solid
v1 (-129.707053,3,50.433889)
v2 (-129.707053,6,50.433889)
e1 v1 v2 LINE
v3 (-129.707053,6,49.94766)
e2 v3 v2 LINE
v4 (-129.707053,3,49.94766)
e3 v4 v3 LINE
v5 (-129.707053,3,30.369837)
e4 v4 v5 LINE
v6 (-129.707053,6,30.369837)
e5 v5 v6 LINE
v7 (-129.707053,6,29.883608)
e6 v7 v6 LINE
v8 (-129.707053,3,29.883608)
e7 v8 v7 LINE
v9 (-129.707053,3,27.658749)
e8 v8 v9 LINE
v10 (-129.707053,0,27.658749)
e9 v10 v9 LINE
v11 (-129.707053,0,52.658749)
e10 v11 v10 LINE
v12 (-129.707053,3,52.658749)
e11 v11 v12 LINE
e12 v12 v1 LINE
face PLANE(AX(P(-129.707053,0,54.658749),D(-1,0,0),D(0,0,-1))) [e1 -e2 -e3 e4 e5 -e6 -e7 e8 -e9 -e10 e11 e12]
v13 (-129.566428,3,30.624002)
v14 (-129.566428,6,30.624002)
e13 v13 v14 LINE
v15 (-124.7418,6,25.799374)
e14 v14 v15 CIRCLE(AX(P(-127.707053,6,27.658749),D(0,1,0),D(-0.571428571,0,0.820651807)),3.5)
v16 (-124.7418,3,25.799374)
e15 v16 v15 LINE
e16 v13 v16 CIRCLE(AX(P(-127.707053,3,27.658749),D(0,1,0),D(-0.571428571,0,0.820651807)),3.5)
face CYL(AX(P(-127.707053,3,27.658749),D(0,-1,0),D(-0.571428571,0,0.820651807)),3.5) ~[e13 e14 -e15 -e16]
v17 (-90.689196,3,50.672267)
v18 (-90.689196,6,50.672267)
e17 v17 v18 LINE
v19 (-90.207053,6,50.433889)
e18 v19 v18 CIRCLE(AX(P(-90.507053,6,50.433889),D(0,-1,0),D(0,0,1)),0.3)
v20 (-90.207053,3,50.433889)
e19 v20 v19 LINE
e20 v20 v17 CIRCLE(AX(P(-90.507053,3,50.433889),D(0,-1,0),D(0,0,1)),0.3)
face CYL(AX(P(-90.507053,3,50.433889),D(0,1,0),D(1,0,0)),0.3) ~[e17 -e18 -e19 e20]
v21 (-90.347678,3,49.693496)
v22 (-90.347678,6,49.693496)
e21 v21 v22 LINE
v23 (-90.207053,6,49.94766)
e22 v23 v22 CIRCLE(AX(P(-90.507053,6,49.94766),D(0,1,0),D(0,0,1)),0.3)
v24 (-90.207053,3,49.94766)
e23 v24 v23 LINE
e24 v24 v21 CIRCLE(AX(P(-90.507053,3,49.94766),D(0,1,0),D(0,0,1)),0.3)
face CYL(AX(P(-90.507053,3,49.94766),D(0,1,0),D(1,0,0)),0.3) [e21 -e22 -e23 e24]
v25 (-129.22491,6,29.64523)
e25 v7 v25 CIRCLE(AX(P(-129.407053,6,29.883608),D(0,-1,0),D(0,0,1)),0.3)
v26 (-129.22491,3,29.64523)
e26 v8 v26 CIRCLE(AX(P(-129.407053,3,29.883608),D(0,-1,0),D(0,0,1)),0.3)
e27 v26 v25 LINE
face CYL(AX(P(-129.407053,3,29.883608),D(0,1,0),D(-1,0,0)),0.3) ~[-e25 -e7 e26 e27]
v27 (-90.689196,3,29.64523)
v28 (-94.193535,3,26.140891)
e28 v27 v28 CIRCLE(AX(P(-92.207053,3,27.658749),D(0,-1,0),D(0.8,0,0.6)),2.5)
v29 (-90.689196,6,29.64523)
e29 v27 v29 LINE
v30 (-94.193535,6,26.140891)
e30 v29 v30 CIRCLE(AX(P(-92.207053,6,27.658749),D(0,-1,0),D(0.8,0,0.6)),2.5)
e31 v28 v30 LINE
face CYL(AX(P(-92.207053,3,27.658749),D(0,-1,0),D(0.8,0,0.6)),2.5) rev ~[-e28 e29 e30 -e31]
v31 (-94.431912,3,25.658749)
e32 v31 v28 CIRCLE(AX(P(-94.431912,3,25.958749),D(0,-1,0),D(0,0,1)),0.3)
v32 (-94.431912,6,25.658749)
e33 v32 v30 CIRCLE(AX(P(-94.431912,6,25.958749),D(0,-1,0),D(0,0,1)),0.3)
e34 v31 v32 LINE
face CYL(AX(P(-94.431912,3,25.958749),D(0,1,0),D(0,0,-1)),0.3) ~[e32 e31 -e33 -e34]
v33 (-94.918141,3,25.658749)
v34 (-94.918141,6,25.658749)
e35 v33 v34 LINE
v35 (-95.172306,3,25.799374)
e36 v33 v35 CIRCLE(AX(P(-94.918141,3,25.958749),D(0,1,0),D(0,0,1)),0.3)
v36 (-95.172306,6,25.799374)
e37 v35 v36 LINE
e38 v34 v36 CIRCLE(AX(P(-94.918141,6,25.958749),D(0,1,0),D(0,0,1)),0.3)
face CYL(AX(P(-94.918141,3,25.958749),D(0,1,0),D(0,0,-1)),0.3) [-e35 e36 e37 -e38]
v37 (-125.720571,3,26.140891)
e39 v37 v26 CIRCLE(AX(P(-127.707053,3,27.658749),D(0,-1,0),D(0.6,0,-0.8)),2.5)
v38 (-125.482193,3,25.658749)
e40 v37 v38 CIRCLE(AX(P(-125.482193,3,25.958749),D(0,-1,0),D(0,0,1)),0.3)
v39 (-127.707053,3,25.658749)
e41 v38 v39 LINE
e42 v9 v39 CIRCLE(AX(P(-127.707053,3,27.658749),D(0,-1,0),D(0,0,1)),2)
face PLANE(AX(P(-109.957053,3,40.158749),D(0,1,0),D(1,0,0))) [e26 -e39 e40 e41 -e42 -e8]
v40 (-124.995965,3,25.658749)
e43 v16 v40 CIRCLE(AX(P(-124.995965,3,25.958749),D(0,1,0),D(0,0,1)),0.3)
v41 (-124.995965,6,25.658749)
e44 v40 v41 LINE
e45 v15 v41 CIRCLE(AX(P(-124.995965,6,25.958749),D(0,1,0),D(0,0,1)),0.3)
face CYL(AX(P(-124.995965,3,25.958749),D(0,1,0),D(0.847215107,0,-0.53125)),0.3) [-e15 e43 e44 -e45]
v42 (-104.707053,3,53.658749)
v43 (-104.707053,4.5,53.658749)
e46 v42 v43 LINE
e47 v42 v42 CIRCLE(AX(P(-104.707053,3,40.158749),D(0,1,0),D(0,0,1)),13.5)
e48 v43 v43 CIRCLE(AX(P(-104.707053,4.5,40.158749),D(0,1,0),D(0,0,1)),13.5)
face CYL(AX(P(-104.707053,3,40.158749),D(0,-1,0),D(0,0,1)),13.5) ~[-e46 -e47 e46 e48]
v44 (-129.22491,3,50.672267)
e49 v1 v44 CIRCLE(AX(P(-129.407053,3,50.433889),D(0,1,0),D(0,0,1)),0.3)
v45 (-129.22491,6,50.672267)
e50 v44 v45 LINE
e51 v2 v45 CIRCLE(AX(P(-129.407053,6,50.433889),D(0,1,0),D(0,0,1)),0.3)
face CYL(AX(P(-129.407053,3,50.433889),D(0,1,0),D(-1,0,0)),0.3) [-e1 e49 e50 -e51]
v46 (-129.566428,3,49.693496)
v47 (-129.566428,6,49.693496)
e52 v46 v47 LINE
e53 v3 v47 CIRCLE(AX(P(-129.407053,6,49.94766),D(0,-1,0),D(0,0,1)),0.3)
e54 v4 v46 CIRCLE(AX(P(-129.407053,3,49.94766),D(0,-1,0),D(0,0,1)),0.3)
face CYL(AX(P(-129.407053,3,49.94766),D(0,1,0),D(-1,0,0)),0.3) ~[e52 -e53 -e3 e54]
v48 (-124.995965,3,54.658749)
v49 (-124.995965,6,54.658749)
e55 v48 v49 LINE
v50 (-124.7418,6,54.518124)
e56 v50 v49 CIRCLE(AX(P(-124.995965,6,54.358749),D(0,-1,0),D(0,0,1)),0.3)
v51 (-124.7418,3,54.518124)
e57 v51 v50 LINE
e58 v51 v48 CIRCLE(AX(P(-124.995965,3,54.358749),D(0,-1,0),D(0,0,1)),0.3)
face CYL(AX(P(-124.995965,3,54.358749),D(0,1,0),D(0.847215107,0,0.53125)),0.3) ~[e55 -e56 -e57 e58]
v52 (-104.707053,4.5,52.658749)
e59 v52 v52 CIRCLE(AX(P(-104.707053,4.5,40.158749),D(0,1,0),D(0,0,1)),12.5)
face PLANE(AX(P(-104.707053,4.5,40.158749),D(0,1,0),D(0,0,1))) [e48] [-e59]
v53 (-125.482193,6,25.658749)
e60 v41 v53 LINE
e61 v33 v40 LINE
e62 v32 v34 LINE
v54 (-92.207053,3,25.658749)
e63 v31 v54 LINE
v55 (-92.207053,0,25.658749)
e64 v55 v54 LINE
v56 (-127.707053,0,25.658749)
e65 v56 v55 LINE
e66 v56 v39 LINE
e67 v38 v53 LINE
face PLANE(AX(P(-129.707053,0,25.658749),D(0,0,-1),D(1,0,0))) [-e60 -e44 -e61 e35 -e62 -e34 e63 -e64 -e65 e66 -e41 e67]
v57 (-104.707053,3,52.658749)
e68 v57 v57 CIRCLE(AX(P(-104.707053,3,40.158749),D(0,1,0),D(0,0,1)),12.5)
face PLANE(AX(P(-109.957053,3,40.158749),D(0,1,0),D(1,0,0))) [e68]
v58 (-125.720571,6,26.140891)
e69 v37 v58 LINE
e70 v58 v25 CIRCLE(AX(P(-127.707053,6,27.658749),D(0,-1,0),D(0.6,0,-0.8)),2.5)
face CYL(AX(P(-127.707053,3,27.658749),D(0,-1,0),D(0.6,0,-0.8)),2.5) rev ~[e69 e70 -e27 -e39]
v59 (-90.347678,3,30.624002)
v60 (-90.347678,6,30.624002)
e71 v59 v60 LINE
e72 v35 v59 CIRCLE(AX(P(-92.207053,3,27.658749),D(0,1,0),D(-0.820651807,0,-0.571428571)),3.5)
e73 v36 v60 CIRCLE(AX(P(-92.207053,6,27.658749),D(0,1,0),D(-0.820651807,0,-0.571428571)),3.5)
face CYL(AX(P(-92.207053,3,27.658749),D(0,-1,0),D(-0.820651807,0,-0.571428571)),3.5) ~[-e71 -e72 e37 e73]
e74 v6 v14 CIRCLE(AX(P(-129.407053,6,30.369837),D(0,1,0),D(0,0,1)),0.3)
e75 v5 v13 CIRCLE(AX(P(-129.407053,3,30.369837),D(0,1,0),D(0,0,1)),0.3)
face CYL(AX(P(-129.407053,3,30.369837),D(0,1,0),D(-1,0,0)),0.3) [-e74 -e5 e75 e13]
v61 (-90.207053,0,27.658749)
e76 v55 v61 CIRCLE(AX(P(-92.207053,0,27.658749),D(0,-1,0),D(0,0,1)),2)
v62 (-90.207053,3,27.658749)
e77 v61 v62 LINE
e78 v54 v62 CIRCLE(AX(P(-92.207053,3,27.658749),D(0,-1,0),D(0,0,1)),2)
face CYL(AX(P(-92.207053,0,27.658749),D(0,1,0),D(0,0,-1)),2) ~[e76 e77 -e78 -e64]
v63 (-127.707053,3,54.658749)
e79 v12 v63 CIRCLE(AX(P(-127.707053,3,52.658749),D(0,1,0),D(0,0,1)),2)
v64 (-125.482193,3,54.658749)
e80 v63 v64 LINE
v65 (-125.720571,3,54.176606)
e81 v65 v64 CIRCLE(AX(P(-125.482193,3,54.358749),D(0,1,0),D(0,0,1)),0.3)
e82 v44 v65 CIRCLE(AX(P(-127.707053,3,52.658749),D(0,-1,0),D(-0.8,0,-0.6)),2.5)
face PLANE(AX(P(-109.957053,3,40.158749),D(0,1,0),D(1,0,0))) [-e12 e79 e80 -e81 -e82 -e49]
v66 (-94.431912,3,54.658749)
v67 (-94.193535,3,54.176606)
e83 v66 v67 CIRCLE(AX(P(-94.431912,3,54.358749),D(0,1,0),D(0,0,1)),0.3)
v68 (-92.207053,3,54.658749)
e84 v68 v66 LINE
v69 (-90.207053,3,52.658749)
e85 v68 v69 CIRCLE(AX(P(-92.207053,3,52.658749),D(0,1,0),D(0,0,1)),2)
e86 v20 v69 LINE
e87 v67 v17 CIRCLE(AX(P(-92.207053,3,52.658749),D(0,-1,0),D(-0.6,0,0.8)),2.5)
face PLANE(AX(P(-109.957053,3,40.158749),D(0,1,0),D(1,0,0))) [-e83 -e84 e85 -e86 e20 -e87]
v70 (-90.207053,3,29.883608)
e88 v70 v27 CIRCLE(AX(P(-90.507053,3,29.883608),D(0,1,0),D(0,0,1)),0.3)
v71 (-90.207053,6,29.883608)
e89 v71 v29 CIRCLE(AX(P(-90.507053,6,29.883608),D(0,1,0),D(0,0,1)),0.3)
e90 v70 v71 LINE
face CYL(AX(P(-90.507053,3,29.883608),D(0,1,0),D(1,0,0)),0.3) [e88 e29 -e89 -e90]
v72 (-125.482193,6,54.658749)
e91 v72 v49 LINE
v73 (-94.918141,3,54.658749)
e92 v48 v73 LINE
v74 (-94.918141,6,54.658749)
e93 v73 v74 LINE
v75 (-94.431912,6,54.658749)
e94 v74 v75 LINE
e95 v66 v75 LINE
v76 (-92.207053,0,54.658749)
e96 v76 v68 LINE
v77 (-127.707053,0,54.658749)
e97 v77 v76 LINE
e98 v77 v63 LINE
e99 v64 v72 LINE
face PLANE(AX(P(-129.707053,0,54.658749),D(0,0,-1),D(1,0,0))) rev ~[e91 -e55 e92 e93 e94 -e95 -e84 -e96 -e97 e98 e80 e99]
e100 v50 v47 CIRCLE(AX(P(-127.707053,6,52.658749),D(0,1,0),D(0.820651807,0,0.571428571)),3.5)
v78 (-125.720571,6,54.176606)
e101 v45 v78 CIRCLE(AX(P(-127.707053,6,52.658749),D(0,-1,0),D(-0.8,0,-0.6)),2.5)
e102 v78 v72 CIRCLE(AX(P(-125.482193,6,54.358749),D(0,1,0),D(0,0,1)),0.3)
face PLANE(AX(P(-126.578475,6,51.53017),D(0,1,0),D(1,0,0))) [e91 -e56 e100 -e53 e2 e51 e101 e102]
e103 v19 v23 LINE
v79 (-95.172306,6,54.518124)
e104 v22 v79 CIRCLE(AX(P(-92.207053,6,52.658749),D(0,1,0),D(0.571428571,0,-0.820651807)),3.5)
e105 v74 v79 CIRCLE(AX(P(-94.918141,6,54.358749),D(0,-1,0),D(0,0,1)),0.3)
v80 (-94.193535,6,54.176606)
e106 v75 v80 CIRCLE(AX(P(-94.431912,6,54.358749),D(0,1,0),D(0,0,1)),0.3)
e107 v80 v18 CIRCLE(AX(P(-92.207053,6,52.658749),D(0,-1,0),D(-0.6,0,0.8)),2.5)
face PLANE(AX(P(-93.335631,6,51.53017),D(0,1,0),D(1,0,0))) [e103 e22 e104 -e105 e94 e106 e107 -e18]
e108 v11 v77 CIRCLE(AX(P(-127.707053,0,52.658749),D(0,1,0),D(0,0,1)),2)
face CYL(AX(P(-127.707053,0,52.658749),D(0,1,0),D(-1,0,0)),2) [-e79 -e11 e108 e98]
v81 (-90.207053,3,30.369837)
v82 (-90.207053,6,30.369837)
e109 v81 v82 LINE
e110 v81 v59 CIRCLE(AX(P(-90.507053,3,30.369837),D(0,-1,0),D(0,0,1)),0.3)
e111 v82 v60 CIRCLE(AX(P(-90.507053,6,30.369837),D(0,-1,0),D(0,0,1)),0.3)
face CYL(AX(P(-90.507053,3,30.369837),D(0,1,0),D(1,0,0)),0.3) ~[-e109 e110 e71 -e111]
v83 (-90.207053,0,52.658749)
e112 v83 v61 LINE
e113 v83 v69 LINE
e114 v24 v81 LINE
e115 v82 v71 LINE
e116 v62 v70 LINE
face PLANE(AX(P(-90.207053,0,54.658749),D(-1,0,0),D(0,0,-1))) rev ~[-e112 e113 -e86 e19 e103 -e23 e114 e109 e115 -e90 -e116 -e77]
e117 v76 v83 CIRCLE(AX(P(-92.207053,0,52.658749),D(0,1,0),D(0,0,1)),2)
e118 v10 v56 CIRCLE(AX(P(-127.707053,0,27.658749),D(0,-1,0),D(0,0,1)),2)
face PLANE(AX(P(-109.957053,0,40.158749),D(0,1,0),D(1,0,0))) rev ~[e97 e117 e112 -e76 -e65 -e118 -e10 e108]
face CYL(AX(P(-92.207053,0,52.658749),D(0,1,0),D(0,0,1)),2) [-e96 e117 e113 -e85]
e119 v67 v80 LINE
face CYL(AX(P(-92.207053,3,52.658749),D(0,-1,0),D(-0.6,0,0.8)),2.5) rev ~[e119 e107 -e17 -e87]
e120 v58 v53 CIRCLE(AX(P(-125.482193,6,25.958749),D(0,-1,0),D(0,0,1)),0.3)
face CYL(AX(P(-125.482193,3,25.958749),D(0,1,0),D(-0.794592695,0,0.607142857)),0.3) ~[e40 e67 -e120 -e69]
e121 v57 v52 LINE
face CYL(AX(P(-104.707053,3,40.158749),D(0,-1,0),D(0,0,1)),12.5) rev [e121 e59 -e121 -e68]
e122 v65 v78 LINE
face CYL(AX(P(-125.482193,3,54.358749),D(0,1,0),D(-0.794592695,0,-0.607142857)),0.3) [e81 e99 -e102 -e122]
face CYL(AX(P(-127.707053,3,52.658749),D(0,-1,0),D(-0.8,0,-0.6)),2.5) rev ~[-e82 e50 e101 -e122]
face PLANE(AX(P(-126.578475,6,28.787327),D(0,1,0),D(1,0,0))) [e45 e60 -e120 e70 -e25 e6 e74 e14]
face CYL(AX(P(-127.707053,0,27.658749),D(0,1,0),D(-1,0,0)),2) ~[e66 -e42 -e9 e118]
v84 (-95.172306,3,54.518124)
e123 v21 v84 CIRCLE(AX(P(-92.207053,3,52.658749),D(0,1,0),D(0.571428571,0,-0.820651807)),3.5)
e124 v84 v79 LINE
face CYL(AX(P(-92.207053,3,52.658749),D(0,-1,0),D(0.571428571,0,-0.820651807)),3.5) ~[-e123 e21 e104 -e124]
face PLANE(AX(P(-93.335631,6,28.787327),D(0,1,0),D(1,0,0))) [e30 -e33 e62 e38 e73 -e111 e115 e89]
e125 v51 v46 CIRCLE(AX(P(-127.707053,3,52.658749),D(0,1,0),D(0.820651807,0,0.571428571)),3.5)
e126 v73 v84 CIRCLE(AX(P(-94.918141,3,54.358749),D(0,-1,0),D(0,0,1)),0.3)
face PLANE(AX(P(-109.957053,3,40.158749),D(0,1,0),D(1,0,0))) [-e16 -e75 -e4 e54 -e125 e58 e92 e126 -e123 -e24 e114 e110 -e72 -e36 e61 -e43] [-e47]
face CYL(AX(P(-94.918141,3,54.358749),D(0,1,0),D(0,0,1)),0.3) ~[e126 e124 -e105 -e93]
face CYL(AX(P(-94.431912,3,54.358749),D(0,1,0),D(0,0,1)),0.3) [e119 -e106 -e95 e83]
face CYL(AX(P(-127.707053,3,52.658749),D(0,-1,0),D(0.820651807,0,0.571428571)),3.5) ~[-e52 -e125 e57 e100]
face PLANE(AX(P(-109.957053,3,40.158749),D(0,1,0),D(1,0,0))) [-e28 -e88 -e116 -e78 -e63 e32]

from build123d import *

# Parameters (mm, degrees)
SKETCH1_W           = 39.5
SKETCH1_H           = 29
BOSS_EXTRUDE1_DEPTH = 3
SKETCH2_R           = 13.5
SKETCH2_R_2         = 12.5
BOSS_EXTRUDE3_DEPTH = 1.5
BOSS_EXTRUDE4_DEPTH = 3
FILLET1_R           = 2
FILLET2_R           = 0.3


with BuildPart() as part:
    # Sketch1 → Boss-Extrude1 (new body)
    with BuildSketch(Plane(origin=(0, 0, 0), x_dir=(1, 0, 0), z_dir=(0, 1, 0))):
        with Locations((-109.95705295, -40.158748639)):
            Rectangle(SKETCH1_W, SKETCH1_H)
    extrude(amount=BOSS_EXTRUDE1_DEPTH)

    # Sketch2 → Boss-Extrude3 (add)
    with BuildSketch(Plane(origin=(0, 3, 0), x_dir=(1, 0, 0), z_dir=(0, 1, 0))):
        with Locations(Location((-104.70705295, -40.158748639, 0), (0, 0, 270))):
            Circle(SKETCH2_R)
        with Locations(Location((-104.70705295, -40.158748639, 0), (0, 0, 270))):
            Circle(SKETCH2_R_2, mode=Mode.SUBTRACT)
    extrude(amount=BOSS_EXTRUDE3_DEPTH)

    # Sketch3 → Boss-Extrude4 (add)
    with BuildSketch(Plane(origin=(0, 3, 0), x_dir=(1, 0, 0), z_dir=(0, 1, 0))):
        with BuildLine():
            Line((-124.834771627, -25.658748639), (-126.20705295, -25.658748639))
            ThreePointArc((-126.20705295, -25.658748639), (-125.939285997, -29.426515592), (-129.70705295, -29.158748639))
            Line((-129.70705295, -29.158748639), (-129.70705295, -30.531029962))
            ThreePointArc((-129.70705295, -30.531029962), (-125.232179216, -30.133622373), (-124.834771627, -25.658748639))
        make_face()
        with BuildLine():
            Line((-93.70705295, -25.658748639), (-95.079334273, -25.658748639))
            ThreePointArc((-95.079334273, -25.658748639), (-94.681926684, -30.133622373), (-90.20705295, -30.531029962))
            Line((-90.20705295, -30.531029962), (-90.20705295, -29.158748639))
            ThreePointArc((-90.20705295, -29.158748639), (-93.974819903, -29.426515592), (-93.70705295, -25.658748639))
        make_face()
        with BuildLine():
            ThreePointArc((-124.834771627, -54.658748639), (-125.232179216, -50.183874905), (-129.70705295, -49.786467316))
            Line((-129.70705295, -49.786467316), (-129.70705295, -51.158748639))
            ThreePointArc((-129.70705295, -51.158748639), (-125.939285997, -50.890981686), (-126.20705295, -54.658748639))
            Line((-126.20705295, -54.658748639), (-124.834771627, -54.658748639))
        make_face()
        with BuildLine():
            Line((-90.20705295, -51.158748639), (-90.20705295, -49.786467316))
            ThreePointArc((-90.20705295, -49.786467316), (-94.681926684, -50.183874905), (-95.079334273, -54.658748639))
            Line((-95.079334273, -54.658748639), (-93.70705295, -54.658748639))
            ThreePointArc((-93.70705295, -54.658748639), (-93.974819903, -50.890981686), (-90.20705295, -51.158748639))
        make_face()
    extrude(amount=BOSS_EXTRUDE4_DEPTH)

    # Fillet1
    fillet1_edges = [part.edges().sort_by_distance(p)[0] for p in [
        (-129.70705295, 1.5, 25.658748639),
        (-90.20705295, 1.5, 25.658748639),
        (-90.20705295, 1.5, 54.658748639),
        (-129.70705295, 1.5, 54.658748639),
    ]]
    fillet(fillet1_edges, radius=FILLET1_R)

    # Fillet2
    fillet2_edges = [part.edges().sort_by_distance(p)[0] for p in [
        (-93.70705295, 4.5, 54.658748639),
        (-90.20705295, 4.5, 51.158748639),
        (-90.20705295, 4.5, 49.786467316),
        (-95.079334273, 4.5, 54.658748639),
        (-126.20705295, 4.5, 54.658748639),
        (-124.834771627, 4.5, 54.658748639),
        (-129.70705295, 4.5, 49.786467316),
        (-129.70705295, 4.5, 51.158748639),
        (-93.70705295, 4.5, 25.658748639),
        (-95.079334273, 4.5, 25.658748639),
        (-90.20705295, 4.5, 30.531029962),
        (-90.20705295, 4.5, 29.158748639),
        (-129.70705295, 4.5, 29.158748639),
        (-129.70705295, 4.5, 30.531029962),
        (-124.834771627, 4.5, 25.658748639),
        (-126.20705295, 4.5, 25.658748639),
    ]]
    fillet(fillet2_edges, radius=FILLET2_R)


solid = part.part
